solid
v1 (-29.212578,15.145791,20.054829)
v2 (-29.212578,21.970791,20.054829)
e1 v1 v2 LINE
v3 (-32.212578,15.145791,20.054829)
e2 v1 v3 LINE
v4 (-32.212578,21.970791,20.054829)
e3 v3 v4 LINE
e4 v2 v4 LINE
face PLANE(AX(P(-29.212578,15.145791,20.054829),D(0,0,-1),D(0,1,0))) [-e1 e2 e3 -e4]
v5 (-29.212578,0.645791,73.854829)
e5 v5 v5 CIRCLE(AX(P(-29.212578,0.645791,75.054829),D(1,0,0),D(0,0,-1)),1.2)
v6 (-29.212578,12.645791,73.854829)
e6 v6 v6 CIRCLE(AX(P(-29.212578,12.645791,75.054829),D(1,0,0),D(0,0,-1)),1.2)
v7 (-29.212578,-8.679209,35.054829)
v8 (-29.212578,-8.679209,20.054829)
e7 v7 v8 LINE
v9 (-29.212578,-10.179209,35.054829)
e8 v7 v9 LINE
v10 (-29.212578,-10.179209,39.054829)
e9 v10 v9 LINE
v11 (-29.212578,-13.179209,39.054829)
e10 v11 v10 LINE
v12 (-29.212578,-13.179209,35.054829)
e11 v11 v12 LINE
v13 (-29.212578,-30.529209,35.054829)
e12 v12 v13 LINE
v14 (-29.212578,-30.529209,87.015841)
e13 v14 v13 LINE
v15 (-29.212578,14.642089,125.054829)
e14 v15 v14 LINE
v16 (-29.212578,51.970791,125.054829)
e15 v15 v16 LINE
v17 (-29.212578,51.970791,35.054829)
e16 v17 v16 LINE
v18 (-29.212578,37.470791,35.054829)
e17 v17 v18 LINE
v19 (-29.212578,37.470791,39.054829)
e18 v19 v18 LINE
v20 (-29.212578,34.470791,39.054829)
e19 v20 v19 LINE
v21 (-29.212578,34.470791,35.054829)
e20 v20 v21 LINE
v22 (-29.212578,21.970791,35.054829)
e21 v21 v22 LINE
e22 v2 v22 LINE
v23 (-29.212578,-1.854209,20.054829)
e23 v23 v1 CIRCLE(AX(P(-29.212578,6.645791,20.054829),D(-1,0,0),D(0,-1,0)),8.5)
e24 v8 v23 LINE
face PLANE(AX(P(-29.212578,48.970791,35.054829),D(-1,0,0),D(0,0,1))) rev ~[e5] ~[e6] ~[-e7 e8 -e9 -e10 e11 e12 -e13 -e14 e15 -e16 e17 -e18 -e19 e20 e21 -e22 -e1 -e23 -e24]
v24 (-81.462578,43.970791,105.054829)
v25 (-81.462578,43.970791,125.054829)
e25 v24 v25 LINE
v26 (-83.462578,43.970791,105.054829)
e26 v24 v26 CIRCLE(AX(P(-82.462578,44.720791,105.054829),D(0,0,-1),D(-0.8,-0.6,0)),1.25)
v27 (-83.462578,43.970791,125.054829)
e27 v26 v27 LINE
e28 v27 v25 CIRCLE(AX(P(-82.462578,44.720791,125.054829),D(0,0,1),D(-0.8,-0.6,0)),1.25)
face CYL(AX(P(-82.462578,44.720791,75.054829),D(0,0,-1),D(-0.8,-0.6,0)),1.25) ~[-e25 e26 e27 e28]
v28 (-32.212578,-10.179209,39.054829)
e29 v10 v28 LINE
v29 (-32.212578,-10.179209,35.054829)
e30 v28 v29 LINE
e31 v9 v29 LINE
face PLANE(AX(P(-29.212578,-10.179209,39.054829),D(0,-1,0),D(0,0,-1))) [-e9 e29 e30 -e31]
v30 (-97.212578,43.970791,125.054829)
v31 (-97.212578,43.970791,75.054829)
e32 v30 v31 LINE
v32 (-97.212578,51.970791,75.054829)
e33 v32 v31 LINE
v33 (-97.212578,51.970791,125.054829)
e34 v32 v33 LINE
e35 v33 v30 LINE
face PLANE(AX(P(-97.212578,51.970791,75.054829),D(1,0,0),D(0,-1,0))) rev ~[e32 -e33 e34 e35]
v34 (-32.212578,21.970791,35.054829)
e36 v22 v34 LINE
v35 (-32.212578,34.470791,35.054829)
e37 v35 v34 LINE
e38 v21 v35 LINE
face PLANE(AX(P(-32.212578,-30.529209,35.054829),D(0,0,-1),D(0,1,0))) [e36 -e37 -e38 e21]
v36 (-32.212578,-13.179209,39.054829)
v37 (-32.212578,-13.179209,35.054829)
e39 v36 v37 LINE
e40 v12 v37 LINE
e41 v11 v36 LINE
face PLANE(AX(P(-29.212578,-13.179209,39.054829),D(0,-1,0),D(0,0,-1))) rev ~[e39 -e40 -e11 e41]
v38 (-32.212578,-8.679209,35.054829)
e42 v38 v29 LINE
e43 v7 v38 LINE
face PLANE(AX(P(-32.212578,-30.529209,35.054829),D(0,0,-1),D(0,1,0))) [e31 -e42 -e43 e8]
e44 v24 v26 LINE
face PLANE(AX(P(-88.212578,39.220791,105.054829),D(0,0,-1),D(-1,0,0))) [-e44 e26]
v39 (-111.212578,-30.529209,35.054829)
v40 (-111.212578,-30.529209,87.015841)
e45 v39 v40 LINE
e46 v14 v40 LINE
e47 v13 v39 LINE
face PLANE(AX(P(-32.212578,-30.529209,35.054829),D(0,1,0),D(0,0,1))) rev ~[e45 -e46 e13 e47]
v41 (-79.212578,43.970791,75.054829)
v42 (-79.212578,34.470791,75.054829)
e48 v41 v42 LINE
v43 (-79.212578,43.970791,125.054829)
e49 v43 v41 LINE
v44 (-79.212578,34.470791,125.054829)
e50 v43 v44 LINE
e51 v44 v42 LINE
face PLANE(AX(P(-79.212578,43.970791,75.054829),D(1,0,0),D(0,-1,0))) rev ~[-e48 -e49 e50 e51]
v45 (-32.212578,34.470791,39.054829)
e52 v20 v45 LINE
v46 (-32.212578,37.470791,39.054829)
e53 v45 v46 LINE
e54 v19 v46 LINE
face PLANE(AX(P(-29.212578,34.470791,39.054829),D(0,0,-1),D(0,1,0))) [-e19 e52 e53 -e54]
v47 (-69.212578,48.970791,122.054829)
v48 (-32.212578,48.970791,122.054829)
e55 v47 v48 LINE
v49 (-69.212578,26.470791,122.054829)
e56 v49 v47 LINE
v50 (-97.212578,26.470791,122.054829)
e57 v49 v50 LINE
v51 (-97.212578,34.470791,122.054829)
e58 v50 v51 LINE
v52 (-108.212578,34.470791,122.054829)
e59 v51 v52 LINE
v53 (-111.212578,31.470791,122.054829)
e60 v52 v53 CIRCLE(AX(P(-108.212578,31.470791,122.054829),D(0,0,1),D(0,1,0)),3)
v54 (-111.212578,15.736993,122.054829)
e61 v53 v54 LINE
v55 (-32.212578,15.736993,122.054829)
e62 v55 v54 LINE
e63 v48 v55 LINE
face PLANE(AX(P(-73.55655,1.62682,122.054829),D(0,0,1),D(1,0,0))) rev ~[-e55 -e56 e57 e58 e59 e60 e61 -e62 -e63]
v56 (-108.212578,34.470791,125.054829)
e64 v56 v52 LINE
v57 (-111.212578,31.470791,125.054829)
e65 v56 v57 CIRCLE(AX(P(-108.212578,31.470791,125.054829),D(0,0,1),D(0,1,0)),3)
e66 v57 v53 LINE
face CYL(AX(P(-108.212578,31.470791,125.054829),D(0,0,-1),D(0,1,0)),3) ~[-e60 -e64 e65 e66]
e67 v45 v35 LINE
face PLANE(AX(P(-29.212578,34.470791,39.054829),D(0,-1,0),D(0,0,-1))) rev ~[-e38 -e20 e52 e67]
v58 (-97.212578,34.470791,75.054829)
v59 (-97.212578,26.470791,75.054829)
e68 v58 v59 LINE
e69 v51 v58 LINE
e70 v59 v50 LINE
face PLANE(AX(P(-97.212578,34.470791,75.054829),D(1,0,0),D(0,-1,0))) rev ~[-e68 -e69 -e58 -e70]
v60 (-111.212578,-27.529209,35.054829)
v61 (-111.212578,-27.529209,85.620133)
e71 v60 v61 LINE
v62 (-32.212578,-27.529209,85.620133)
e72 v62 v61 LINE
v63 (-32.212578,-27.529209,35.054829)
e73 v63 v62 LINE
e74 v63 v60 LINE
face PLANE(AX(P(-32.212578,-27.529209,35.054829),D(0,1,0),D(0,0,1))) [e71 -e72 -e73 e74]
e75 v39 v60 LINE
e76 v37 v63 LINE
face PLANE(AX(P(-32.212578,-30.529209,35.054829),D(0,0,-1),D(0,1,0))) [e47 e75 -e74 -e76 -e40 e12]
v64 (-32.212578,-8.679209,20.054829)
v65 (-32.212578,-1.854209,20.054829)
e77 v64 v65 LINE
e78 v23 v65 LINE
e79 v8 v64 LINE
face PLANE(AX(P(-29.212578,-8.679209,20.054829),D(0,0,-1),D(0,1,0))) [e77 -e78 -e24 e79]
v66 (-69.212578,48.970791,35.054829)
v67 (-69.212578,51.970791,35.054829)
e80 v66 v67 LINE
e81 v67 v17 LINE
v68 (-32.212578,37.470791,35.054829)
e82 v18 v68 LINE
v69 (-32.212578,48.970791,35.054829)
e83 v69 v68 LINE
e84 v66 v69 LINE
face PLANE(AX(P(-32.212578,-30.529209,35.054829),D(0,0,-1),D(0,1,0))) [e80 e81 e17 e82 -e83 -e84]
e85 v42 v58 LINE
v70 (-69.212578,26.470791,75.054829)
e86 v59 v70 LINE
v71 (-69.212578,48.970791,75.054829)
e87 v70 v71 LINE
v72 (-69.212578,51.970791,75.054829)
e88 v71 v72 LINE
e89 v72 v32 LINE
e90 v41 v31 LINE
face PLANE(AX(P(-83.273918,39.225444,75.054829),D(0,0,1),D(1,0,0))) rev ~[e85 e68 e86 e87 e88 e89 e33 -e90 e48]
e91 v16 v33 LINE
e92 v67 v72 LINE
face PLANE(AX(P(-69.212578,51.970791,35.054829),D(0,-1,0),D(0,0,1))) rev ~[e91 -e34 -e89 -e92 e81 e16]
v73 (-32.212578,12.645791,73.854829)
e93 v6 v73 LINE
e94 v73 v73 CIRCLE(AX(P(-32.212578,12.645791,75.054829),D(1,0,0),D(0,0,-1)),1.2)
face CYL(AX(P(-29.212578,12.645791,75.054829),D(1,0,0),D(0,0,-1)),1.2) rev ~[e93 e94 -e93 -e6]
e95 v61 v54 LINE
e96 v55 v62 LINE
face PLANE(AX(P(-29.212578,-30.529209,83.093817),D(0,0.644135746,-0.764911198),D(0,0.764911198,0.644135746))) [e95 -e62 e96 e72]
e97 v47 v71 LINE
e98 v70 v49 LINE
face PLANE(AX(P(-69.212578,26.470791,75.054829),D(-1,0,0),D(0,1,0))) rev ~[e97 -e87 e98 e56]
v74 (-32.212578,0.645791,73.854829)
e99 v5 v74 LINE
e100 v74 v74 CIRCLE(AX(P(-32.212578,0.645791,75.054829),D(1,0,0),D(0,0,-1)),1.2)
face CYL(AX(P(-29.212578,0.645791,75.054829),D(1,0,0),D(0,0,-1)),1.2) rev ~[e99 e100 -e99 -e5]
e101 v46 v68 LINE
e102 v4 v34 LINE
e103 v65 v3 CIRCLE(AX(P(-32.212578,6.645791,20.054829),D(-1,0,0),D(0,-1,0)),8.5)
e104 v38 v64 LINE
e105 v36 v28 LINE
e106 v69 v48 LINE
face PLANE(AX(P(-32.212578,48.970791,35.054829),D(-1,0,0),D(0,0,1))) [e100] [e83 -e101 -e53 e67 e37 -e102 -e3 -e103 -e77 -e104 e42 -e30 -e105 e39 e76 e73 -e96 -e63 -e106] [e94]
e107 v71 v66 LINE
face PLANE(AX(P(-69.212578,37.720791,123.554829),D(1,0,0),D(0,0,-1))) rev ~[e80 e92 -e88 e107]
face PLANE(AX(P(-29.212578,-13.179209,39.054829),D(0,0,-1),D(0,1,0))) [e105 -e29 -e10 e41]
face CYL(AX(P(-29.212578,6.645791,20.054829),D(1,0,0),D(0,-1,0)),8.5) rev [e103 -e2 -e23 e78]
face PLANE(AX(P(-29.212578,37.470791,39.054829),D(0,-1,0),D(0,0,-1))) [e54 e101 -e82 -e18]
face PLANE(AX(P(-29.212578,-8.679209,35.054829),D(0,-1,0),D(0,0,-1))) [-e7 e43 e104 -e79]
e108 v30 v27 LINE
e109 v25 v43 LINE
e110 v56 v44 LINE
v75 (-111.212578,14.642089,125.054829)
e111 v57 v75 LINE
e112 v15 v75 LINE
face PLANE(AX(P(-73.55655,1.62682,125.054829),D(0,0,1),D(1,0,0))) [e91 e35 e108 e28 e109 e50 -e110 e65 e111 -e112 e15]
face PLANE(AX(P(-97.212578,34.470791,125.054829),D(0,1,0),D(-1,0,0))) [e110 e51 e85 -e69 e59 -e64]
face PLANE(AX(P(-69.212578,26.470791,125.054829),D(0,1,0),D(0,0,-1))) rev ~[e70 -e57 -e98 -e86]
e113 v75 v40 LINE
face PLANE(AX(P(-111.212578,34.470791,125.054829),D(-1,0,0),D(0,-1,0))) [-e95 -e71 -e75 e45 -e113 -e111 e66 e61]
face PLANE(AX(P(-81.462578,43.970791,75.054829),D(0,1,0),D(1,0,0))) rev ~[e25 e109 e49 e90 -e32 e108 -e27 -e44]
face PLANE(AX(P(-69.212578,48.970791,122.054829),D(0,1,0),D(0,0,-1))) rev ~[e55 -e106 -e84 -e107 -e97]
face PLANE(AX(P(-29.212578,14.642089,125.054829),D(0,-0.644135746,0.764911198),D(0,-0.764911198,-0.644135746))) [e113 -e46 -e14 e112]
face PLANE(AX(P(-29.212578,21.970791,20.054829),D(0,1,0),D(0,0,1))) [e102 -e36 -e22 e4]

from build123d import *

# Parameters (mm, degrees)
BOSS_EXTRUDE1_DEPTH = 50
SKETCH2_W           = 3
SKETCH2_H           = 22.5
SKETCH2_W_2         = 40
SKETCH2_H_2         = 3
BOSS_EXTRUDE2_DEPTH = 40
SKETCH3_W           = 18
SKETCH3_H           = 9.5
CUT_EXTRUDE1_DEPTH  = 30
SKETCH4_W           = 3
SKETCH4_H           = 90
BOSS_EXTRUDE3_DEPTH = 79.5
SKETCH6_W           = 90
SKETCH6_H           = 3
BOSS_EXTRUDE4_DEPTH = 79
BOSS_EXTRUDE5_DEPTH = 3
FILLET1_R           = 3
SKETCH11_W          = 4
SKETCH11_H          = 3
CUT_EXTRUDE2_DEPTH  = 3
BOSS_EXTRUDE6_DEPTH = 3
SKETCH15_R          = 1.2
SKETCH15_W          = 4
SKETCH15_H          = 3
CUT_EXTRUDE3_DEPTH  = 3
CUT_EXTRUDE4_DEPTH  = 83
BOSS_EXTRUDE7_DEPTH = 82


with BuildPart() as part:
    # Sketch1 → Boss-Extrude1 (new body)
    with BuildSketch(Plane.XY.offset(75.054829109)):
        with BuildLine():
            Line((-97.212578399, 43.970791156), (-83.462578399, 43.970791156))
            ThreePointArc((-83.462578399, 43.970791156), (-82.462578399, 43.470791156), (-81.462578399, 43.970791156))
            Line((-81.462578399, 43.970791156), (-79.212578399, 43.970791156))
            Line((-79.212578399, 43.970791156), (-79.212578399, 34.470791156))
            Line((-79.212578399, 34.470791156), (-97.212578399, 34.470791156))
            Line((-97.212578399, 34.470791156), (-97.212578399, 26.470791156))
            Line((-97.212578399, 26.470791156), (-69.212578399, 26.470791156))
            Line((-69.212578399, 26.470791156), (-69.212578399, 51.970791156))
            Line((-69.212578399, 51.970791156), (-97.212578399, 51.970791156))
            Line((-97.212578399, 51.970791156), (-97.212578399, 43.970791156))
        make_face()
    extrude(amount=BOSS_EXTRUDE1_DEPTH)

    # Sketch2 → Boss-Extrude2 (add)
    with BuildSketch(Plane(origin=(-69.212578399, 0, 0), x_dir=(0, 0, -1), z_dir=(1, 0, 0))):
        with Locations((-123.554829109, 37.720791156)):
            Rectangle(SKETCH2_W, SKETCH2_H)
        Polygon((-75.054829109, 51.970791156), (-125.054829109, 51.970791156), (-125.054829109, 48.970791156), (-122.054829109, 48.970791156), (-75.054829109, 48.970791156), align=None)
        with Locations((-55.054829109, 50.470791156)):
            Rectangle(SKETCH2_W_2, SKETCH2_H_2)
    extrude(amount=BOSS_EXTRUDE2_DEPTH)

    # Sketch3 → Cut-Extrude1 (cut)
    with BuildSketch(Plane(origin=(0, 0, 75.054829109), x_dir=(-1, 0, 0), z_dir=(0, 0, -1))):
        with Locations((88.212578399, 39.220791156)):
            Rectangle(SKETCH3_W, SKETCH3_H)
    extrude(amount=-CUT_EXTRUDE1_DEPTH, mode=Mode.SUBTRACT)

    # Sketch4 → Boss-Extrude3 (add)
    with BuildSketch(Plane.XZ.offset(-48.970791156)):
        with Locations((-30.712578399, 80.054829109)):
            Rectangle(SKETCH4_W, SKETCH4_H)
    extrude(amount=BOSS_EXTRUDE3_DEPTH)

    # Sketch6 → Boss-Extrude4 (add)
    with BuildSketch(Plane.ZY.offset(32.212578399)):
        with Locations((80.054829109, -29.029208844)):
            Rectangle(SKETCH6_W, SKETCH6_H)
    extrude(amount=BOSS_EXTRUDE4_DEPTH)

    # Sketch7 → Boss-Extrude5 (add)
    with BuildSketch(Plane.XY.offset(125.054829109)):
        Polygon((-111.212578399, -27.529208844), (-32.212578399, -27.529208844), (-32.212578399, 26.470791156), (-97.212578399, 26.470791156), (-97.212578399, 34.470791156), (-111.212578399, 34.470791156), align=None)
    extrude(amount=-BOSS_EXTRUDE5_DEPTH)

    # Fillet1
    fillet1_edges = [part.edges().sort_by_distance(p)[0] for p in [
        (-111.212578399, 34.470791156, 123.554829109),
    ]]
    fillet(fillet1_edges, radius=FILLET1_R)

    # Sketch11 → Cut-Extrude2 (cut)
    with BuildSketch(Plane(origin=(-29.212578399, 0, 0), x_dir=(0, 0, -1), z_dir=(1, 0, 0))):
        with Locations((-37.054829109, 35.970791156)):
            Rectangle(SKETCH11_W, SKETCH11_H)
    extrude(amount=-CUT_EXTRUDE2_DEPTH, mode=Mode.SUBTRACT)

    # Sketch13 → Boss-Extrude6 (add)
    with BuildSketch(Plane(origin=(-29.212578399, 0, 0), x_dir=(0, 0, -1), z_dir=(1, 0, 0))):
        with BuildLine():
            Line((-20.054829109, 15.145791156), (-20.054829109, 21.970791156))
            Line((-20.054829109, 21.970791156), (-35.054829109, 21.970791156))
            Line((-35.054829109, 21.970791156), (-35.054829109, -8.679208844))
            Line((-35.054829109, -8.679208844), (-20.054829109, -8.679208844))
            Line((-20.054829109, -8.679208844), (-20.054829109, -1.854208844))
            ThreePointArc((-20.054829109, -1.854208844), (-28.554829109, 6.645791156), (-20.054829109, 15.145791156))
        make_face()
    extrude(amount=-BOSS_EXTRUDE6_DEPTH)

    # Sketch15 → Cut-Extrude3 (cut)
    with BuildSketch(Plane(origin=(-29.212578399, 0, 0), x_dir=(0, 0, -1), z_dir=(1, 0, 0))):
        with Locations((-75.054829109, 0.645791156)):
            Circle(SKETCH15_R)
        with Locations((-75.054829109, 12.645791156)):
            Circle(SKETCH15_R)
        with Locations((-37.054829109, -11.679208844)):
            Rectangle(SKETCH15_W, SKETCH15_H)
    extrude(amount=-CUT_EXTRUDE3_DEPTH, mode=Mode.SUBTRACT)

    # Sketch16 → Cut-Extrude4 (cut, through all)
    with BuildSketch(Plane(origin=(-29.212578399, 0, 0), x_dir=(0, 0, -1), z_dir=(1, 0, 0))):
        Polygon((-125.054829109, 16.970791156), (-85.054829109, -30.529208844), (-125.054829109, -30.529208844), align=None)
    extrude(amount=-CUT_EXTRUDE4_DEPTH, mode=Mode.SUBTRACT)

    # Sketch17 → Boss-Extrude7 (add)
    with BuildSketch(Plane(origin=(-29.212578399, 0, 0), x_dir=(0, 0, -1), z_dir=(1, 0, 0))):
        Polygon((-125.054829109, 19.299492846), (-125.054829109, 14.642089465), (-87.015841059, -30.529208844), (-83.093817159, -30.529208844), align=None)
    extrude(amount=-BOSS_EXTRUDE7_DEPTH)


solid = part.part
